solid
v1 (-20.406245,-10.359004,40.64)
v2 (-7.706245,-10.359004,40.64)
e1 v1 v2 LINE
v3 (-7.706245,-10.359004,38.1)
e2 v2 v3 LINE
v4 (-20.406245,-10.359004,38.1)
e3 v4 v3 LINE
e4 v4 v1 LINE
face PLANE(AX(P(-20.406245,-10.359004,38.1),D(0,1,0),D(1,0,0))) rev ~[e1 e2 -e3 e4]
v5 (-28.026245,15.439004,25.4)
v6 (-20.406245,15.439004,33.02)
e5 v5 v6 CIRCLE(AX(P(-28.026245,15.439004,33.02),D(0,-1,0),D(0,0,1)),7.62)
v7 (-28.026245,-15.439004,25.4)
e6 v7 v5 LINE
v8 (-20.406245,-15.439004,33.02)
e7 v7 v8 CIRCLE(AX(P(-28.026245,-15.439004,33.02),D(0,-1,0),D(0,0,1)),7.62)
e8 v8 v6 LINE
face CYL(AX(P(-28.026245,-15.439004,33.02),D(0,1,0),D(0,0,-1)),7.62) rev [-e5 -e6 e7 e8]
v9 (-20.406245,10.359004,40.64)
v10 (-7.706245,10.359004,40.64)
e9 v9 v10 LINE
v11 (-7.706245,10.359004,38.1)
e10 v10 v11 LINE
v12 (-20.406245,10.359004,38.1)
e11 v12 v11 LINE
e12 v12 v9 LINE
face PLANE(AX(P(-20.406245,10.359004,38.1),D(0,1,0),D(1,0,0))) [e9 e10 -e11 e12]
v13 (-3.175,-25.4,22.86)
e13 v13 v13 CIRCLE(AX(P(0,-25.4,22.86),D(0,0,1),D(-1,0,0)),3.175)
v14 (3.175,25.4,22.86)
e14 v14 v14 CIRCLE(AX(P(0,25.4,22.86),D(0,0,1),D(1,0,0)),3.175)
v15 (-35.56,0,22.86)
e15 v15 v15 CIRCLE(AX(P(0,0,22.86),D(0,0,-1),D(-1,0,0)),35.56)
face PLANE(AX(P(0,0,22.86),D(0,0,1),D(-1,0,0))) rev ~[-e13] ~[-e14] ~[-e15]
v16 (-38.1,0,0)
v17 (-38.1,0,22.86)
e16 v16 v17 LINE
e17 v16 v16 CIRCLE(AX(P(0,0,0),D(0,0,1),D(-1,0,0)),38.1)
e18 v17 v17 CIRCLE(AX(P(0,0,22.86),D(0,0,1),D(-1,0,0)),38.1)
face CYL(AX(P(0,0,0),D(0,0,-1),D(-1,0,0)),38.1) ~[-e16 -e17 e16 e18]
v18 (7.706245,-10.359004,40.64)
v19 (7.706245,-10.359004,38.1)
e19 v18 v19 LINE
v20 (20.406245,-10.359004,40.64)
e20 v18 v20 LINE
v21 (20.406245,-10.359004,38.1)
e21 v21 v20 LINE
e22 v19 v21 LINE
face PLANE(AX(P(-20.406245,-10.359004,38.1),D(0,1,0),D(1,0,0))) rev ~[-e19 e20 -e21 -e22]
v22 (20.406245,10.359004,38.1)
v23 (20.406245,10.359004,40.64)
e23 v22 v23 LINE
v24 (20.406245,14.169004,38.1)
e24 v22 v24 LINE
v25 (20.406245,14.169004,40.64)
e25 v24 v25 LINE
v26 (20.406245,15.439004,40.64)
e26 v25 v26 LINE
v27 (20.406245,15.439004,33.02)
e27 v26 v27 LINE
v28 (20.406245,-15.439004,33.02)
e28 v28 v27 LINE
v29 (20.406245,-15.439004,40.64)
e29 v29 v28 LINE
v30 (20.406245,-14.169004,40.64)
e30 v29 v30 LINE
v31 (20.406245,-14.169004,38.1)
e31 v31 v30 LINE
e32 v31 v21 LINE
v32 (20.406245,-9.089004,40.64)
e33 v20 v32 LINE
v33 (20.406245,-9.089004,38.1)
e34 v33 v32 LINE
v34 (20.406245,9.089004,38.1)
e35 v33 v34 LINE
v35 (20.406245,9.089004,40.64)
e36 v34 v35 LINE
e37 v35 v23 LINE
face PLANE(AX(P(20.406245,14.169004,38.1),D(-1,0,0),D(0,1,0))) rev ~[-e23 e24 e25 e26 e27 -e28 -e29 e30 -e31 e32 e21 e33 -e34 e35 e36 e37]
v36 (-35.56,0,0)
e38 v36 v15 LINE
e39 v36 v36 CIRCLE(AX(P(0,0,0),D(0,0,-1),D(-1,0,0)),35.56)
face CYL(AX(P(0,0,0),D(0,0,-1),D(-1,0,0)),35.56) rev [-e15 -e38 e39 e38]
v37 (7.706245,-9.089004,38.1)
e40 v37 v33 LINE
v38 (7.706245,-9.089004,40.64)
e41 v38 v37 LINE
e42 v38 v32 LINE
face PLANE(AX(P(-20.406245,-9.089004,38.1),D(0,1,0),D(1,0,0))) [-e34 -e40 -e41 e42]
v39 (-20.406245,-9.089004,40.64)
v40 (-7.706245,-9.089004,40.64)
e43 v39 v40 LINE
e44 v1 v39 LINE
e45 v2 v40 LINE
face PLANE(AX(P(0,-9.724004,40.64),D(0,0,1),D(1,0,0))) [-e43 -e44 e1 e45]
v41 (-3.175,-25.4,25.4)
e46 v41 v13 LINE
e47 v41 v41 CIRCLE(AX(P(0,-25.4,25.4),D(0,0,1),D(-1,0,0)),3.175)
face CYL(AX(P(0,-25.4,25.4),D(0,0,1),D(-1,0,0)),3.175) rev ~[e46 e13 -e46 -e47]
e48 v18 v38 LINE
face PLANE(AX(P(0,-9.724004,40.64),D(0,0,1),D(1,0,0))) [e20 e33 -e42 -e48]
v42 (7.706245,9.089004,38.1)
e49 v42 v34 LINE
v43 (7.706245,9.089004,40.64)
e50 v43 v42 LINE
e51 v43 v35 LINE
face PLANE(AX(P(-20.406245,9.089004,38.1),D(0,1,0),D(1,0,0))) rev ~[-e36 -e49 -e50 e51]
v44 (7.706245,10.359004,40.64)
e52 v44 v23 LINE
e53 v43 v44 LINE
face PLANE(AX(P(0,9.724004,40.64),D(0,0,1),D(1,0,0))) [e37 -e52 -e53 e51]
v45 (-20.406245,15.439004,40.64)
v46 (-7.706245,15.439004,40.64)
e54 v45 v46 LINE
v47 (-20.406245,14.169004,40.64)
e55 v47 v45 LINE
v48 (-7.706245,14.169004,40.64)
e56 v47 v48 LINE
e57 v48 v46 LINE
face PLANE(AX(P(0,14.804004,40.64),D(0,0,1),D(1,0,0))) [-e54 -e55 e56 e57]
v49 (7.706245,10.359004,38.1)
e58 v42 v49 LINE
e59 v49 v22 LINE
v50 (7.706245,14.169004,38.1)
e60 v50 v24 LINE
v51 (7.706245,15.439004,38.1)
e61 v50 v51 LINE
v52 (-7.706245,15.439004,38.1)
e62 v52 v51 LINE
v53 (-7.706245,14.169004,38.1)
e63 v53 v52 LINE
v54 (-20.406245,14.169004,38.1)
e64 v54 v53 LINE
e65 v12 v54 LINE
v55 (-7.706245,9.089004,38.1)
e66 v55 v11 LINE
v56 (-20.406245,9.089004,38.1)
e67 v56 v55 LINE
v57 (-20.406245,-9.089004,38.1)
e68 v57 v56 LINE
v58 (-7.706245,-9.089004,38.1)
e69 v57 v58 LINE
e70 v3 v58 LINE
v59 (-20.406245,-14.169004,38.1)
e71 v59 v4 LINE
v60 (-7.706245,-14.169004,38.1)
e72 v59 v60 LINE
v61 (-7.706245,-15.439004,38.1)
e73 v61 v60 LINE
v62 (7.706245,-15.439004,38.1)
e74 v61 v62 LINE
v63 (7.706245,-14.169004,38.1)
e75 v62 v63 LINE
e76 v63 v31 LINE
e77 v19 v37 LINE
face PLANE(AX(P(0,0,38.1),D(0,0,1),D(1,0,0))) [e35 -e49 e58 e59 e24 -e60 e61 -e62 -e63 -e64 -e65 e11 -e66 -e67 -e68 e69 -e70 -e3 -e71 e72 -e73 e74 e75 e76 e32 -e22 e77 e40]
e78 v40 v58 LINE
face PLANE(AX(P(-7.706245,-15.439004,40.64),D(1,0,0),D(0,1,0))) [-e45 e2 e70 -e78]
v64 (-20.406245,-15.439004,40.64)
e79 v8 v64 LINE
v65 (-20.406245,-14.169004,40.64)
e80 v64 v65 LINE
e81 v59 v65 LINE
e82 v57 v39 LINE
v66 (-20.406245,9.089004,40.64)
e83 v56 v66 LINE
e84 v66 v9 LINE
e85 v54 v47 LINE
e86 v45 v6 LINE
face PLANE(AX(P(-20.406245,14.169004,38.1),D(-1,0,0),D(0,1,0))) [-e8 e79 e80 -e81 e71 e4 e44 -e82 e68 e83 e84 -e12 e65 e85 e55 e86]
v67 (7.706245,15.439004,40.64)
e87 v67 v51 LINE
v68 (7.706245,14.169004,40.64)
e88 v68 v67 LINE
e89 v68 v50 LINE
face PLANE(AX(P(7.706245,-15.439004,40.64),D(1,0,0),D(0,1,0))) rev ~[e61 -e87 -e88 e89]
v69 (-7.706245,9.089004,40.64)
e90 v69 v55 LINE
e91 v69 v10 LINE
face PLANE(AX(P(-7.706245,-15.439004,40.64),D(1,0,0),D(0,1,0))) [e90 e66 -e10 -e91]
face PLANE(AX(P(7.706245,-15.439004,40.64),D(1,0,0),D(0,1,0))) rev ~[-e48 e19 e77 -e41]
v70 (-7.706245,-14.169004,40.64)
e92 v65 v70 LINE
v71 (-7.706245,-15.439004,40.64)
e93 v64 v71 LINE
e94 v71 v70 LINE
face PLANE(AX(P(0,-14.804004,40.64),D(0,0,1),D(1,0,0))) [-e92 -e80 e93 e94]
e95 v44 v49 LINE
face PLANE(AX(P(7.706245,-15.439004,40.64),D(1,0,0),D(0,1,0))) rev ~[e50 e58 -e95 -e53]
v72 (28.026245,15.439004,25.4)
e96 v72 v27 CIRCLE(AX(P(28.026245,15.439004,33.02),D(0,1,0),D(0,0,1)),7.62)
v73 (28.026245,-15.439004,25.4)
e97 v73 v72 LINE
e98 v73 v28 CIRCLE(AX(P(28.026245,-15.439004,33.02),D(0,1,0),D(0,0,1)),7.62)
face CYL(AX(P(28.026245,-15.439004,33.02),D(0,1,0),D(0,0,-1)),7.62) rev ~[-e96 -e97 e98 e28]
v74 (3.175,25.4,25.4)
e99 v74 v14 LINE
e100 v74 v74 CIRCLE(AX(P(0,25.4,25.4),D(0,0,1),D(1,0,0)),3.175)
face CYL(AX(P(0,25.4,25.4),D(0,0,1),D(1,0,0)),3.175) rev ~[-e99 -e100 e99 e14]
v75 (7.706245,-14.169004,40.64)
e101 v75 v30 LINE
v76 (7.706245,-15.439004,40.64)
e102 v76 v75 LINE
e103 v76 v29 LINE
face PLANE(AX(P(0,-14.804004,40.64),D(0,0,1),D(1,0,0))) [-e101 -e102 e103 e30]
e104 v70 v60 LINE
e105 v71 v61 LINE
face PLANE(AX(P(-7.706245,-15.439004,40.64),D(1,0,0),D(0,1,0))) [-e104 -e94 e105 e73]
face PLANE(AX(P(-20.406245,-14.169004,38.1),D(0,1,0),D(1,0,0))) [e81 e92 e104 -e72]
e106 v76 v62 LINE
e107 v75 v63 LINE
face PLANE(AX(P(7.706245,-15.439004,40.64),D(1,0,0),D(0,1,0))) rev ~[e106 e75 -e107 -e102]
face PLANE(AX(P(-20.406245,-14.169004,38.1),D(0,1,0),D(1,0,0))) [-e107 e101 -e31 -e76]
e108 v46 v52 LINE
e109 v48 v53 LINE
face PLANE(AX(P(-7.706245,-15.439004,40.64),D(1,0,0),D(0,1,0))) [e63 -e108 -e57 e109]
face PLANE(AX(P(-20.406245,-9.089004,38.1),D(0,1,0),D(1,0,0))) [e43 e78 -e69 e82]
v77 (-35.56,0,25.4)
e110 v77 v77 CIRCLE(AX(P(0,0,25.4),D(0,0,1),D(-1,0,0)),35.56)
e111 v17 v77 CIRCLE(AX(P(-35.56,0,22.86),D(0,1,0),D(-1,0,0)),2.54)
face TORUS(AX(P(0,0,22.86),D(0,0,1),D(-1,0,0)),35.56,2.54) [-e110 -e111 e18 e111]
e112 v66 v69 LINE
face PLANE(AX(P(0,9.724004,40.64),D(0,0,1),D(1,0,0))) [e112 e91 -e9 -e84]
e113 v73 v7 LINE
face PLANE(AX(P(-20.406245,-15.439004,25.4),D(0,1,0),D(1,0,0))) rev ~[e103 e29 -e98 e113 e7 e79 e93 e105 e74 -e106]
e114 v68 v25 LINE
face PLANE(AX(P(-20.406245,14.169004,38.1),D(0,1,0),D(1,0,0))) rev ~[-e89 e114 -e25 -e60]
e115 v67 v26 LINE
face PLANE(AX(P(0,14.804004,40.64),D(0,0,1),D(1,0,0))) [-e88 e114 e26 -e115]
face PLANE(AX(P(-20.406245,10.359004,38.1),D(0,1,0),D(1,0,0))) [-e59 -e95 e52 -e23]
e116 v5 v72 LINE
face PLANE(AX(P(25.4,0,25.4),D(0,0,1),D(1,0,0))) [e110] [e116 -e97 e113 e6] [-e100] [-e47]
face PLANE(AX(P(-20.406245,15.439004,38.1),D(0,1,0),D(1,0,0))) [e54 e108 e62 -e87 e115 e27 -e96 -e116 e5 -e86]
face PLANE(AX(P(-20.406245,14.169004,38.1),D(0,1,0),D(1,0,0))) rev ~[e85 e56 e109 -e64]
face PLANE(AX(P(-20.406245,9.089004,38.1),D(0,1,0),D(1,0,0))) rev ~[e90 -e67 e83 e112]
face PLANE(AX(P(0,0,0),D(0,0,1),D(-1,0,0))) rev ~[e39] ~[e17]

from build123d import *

# Parameters (mm, degrees)
SKETCH1_R           = 38.1
BOSS_EXTRUDE1_DEPTH = 25.4
SHELL1_T            = -2.54
FILLET1_R           = 2.54
SKETCH2_R           = 3.175
CUT_EXTRUDE1_DEPTH  = 60.568280214
CIRPATTERN1_COUNT   = 4
SKETCH3_W           = 40.812489524
SKETCH3_H           = 30.878008928
BOSS_EXTRUDE2_DEPTH = 12.7
SKETCH6_R           = 3.175
BOSS_EXTRUDE4_DEPTH = 2.54
FILLET3_R           = 7.62
SKETCH8_W           = 40.812489524
SKETCH8_H           = 1.27
BOSS_EXTRUDE7_DEPTH = 2.54
SKETCH9_W           = 15.412489524
SKETCH9_H           = 30.878008928
CUT_EXTRUDE2_DEPTH  = 2.54


with BuildPart() as part:
    # Sketch1 → Boss-Extrude1 (new body)
    with BuildSketch(Plane.XY):
        with Locations(Location((0, 0, 0), (0, 0, 180))):
            Circle(SKETCH1_R)
    extrude(amount=BOSS_EXTRUDE1_DEPTH)

    # Shell1
    shell1_openings = [part.faces().sort_by_distance(p)[0] for p in [
        (0, 0, 0),
    ]]
    offset(amount=SHELL1_T, openings=shell1_openings, kind=Kind.INTERSECTION)

    # Fillet1
    fillet1_edges = [part.edges().sort_by_distance(p)[0] for p in [
        (38.1, 0, 25.4),
    ]]
    fillet(fillet1_edges, radius=FILLET1_R)

    # Sketch2 → Cut-Extrude1 (cut, through all)
    with BuildSketch(Plane.XY.offset(25.4)):
        with Locations((0, 25.4)):
            Circle(SKETCH2_R)
    cut_extrude1 = extrude(amount=-CUT_EXTRUDE1_DEPTH, mode=Mode.SUBTRACT)

    # CirPattern1: Cut-Extrude1 ×4 about axis
    cirpattern1_axis = Axis((0, 0, 0), (0, 0, 1))
    for i in range(1, CIRPATTERN1_COUNT):
        add(cut_extrude1.rotate(cirpattern1_axis, i * 360 / CIRPATTERN1_COUNT), mode=Mode.SUBTRACT)

    # Sketch3 → Boss-Extrude2 (add)
    with BuildSketch(Plane.XY.offset(25.4)):
        Rectangle(SKETCH3_W, SKETCH3_H)
    extrude(amount=BOSS_EXTRUDE2_DEPTH)

    # Sketch6 → Boss-Extrude4 (add)
    with BuildSketch(Plane.XY.offset(25.4)):
        with Locations((25.4, 0)):
            Circle(SKETCH6_R)
        with Locations((-25.4, 0)):
            Circle(SKETCH6_R)
    extrude(amount=-BOSS_EXTRUDE4_DEPTH)

    # Fillet3
    fillet3_edges = [part.edges().sort_by_distance(p)[0] for p in [
        (20.406244762, 0, 25.4),
        (-20.406244762, 0, 25.4),
    ]]
    fillet(fillet3_edges, radius=FILLET3_R)

    # Sketch8 → Boss-Extrude7 (add)
    with BuildSketch(Plane.XY.offset(38.1)):
        with Locations((0, 14.804004464)):
            Rectangle(SKETCH8_W, SKETCH8_H)
        with Locations((0, 9.724004464)):
            Rectangle(SKETCH8_W, SKETCH8_H)
        with Locations((0, -9.724004464)):
            Rectangle(SKETCH8_W, SKETCH8_H)
        with Locations((0, -14.804004464)):
            Rectangle(SKETCH8_W, SKETCH8_H)
    extrude(amount=BOSS_EXTRUDE7_DEPTH)

    # Sketch9 → Cut-Extrude2 (cut)
    with BuildSketch(Plane.XY.offset(40.64)):
        Rectangle(SKETCH9_W, SKETCH9_H)
    extrude(amount=-CUT_EXTRUDE2_DEPTH, mode=Mode.SUBTRACT)


solid = part.part
